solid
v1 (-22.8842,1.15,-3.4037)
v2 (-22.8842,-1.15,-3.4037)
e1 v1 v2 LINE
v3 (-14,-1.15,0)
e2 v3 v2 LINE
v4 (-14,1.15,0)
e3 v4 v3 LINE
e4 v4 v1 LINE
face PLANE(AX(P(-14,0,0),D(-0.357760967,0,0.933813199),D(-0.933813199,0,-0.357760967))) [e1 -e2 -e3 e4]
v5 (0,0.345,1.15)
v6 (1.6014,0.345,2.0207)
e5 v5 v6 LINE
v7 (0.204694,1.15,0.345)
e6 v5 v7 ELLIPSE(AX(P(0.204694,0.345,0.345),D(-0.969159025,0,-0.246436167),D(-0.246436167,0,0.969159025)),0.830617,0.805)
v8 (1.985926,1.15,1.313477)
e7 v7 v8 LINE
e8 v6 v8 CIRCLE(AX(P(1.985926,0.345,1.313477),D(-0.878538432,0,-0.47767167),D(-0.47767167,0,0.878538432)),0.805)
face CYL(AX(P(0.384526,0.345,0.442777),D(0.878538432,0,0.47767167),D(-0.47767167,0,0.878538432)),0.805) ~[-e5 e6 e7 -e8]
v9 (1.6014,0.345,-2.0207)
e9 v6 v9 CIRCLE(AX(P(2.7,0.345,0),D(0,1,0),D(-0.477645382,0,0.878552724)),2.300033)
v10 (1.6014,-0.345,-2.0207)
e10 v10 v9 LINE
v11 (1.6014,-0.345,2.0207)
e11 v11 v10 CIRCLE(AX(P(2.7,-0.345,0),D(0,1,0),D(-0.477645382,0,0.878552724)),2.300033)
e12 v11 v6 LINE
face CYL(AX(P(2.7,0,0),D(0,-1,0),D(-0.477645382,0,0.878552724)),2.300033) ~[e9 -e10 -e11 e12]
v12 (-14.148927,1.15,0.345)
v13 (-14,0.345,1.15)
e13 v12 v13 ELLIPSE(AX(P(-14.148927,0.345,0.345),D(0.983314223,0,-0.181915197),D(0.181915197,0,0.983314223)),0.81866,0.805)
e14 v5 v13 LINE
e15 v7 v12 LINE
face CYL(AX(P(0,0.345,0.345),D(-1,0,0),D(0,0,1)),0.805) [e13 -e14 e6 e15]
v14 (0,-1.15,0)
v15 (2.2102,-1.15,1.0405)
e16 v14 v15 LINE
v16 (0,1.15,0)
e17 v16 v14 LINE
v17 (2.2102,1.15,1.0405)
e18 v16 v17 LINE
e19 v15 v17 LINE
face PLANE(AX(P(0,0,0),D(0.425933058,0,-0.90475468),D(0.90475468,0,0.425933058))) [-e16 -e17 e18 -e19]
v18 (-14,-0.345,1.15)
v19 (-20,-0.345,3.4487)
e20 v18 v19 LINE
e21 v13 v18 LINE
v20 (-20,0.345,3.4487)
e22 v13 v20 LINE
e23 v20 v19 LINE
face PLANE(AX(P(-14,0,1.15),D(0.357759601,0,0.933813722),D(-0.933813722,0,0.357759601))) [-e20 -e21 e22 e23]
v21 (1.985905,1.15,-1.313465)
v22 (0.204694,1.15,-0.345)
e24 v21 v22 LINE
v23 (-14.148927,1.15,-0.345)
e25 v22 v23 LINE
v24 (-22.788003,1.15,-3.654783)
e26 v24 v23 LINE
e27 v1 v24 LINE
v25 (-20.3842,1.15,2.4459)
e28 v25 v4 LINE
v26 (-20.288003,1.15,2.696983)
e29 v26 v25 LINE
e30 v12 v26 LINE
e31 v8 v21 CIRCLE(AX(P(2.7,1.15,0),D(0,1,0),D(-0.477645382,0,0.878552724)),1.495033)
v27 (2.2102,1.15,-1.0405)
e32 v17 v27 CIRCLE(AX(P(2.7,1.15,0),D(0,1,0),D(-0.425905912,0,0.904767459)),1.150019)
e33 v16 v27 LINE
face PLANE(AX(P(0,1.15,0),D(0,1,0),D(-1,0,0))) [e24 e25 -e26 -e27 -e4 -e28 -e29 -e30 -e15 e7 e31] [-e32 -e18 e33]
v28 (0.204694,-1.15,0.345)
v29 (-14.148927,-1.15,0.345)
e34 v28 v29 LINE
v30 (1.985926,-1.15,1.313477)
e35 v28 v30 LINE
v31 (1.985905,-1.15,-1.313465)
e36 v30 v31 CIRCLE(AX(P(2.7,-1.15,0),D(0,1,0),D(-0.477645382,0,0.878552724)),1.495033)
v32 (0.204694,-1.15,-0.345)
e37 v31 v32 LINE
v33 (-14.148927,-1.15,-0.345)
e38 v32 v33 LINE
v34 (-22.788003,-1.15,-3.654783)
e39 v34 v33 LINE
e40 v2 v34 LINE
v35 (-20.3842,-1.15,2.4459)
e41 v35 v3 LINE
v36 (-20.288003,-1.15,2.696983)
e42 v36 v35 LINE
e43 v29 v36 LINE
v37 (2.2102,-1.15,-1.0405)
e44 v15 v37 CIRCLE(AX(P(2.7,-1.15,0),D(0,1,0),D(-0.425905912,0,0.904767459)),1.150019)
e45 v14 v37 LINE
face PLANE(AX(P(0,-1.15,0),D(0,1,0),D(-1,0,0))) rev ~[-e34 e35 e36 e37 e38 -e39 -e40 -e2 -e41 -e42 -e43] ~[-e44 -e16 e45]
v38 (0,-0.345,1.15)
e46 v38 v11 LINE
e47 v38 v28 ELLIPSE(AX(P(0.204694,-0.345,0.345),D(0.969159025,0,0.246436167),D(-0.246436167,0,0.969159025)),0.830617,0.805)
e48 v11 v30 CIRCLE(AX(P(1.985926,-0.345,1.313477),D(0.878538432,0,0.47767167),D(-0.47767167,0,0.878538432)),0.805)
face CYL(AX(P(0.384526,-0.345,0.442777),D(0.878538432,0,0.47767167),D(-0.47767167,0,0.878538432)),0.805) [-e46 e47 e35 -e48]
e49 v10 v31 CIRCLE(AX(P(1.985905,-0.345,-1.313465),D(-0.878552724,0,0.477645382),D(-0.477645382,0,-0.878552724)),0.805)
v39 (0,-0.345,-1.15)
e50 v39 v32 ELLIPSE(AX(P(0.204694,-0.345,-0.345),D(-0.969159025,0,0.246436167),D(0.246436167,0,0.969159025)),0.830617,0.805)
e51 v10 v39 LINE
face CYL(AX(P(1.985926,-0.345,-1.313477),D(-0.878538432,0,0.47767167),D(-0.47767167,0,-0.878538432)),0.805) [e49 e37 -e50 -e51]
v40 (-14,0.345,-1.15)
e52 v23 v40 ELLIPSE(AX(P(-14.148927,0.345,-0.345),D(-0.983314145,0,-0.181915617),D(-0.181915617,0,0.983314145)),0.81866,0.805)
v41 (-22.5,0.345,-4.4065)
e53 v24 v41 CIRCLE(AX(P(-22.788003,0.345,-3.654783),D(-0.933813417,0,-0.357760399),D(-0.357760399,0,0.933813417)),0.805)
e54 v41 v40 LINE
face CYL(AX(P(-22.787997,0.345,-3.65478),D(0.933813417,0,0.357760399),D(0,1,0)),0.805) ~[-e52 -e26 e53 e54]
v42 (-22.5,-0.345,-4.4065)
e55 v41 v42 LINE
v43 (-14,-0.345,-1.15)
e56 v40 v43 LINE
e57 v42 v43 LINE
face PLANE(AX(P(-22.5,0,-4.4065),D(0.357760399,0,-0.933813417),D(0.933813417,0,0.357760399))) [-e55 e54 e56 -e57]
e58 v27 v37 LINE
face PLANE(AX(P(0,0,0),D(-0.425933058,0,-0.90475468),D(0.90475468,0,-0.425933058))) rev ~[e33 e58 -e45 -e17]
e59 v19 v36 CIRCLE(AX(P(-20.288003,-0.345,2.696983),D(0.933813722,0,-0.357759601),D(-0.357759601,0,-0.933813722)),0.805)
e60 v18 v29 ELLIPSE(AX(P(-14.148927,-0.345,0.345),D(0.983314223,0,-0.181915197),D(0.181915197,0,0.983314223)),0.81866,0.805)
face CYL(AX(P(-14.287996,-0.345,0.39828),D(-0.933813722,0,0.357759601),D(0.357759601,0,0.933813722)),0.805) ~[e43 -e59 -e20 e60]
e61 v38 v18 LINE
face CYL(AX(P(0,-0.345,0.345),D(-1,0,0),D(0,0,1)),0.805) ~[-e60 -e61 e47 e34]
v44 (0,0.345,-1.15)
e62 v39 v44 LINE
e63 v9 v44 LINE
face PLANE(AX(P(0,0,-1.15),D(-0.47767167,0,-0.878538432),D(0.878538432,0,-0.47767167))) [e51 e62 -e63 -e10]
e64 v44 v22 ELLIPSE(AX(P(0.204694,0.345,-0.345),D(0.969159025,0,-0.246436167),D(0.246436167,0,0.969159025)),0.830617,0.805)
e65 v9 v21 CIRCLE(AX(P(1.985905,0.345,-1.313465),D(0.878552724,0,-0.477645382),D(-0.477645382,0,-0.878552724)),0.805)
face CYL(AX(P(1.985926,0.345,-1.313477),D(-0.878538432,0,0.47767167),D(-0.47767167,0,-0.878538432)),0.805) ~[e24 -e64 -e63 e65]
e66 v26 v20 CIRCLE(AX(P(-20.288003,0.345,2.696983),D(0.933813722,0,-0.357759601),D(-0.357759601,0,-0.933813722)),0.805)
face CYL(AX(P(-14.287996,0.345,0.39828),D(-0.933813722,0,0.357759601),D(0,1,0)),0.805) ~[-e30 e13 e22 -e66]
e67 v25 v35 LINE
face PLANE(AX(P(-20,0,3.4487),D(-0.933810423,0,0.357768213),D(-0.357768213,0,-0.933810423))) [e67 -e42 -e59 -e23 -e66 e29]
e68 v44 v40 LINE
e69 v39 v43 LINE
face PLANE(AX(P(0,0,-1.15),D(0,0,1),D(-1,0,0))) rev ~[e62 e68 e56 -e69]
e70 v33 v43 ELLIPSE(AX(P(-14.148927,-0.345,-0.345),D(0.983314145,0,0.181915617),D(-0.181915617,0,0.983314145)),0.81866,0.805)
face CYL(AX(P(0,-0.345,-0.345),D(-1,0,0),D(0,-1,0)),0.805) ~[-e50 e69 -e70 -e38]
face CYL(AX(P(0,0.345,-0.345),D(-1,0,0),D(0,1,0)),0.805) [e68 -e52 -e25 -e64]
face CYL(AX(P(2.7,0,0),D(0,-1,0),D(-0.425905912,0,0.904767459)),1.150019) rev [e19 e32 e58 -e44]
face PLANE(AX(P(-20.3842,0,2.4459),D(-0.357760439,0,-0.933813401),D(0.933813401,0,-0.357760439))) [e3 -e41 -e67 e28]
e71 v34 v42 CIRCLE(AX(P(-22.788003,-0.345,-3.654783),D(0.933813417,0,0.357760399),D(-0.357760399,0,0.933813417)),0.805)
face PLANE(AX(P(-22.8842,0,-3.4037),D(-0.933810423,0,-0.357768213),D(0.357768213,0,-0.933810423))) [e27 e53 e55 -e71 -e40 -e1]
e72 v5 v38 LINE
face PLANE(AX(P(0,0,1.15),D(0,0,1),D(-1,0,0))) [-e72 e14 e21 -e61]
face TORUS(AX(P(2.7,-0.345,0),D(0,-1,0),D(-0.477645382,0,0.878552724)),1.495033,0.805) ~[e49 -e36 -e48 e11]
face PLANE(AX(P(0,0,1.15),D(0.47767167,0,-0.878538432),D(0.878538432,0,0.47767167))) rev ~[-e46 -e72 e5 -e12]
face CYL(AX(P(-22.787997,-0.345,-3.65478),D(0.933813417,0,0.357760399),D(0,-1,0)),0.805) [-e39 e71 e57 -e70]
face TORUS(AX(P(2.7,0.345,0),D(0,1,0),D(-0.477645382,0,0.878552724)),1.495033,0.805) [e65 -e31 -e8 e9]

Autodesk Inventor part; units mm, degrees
ref_plane "YZ Plane" through (0, 0, 0) normal (1, 0, 0) x (0, 1, 0)
sketch "Sketch1" plane through (0, 0, 0) normal (0, 1, 0) x (-1, 0, 0)
  arc A0 (-1.6014, 2.0207) -> (-1.6014, -2.0207) centre (-2.7, 0) ccw
  arc A1 (-2.2102, 1.0405) -> (-2.2102, -1.0405) centre (-2.7, 0) ccw
  line L0 (0, 1.15) -> (14, 1.15)
  line L1 (0, -1.15) -> (14, -1.15)
  line L2 (14, 1.15) -> (20, 3.4487)
  line L3 (20, 3.4487) -> (20.3842, 2.4459)
  line L4 (20.3842, 2.4459) -> (14, 0)
  line L5 (14, 0) -> (22.8842, -3.4037)
  line L6 (22.8842, -3.4037) -> (22.5, -4.4065)
  line L7 (22.5, -4.4065) -> (14, -1.15)
  line L8 (0, 0) -> (-2.2102, -1.0405)
  line L9 (0, 0) -> (-2.2102, 1.0405)
  line L10 (0, 1.15) -> (0, -1.15) construction
  line L11 (0, 1.15) -> (-1.6014, 2.0207)
  line L12 (0, -1.15) -> (-1.6014, -2.0207)
  line L13 (-5, 0) -> (14, 0) construction
  line L14 (14, 1.15) -> (14, -1.15) construction
  dimension "d0" = 14
  dimension "d1" = 20
  dimension "d2" = 159.037
  dimension "d3" = 159.037
  dimension "d4" = 2.5
  dimension "d5" = 1.15
  dimension "d6" = 2.3
  dimension "d7" = 1.15
  dimension "d8" = 1.15
  dimension "d9" = 2.7
extrude "Body" add sketch "Sketch1" along normal mid plane 2.3
fillet "Fillet" radius 0.805 14 edges at (-17, -1.15, 2.2994) (-17, 1.15, 2.2994) (-7, -1.15, 1.15) (-7, 1.15, 1.15) (5, -1.15, 0) (0.8007, -1.15, -1.5853) (0.8007, -1.15, 1.5853) (5, 1.15, 0) (0.8007, 1.15, 1.5853) (0.8007, 1.15, -1.5853) (-7, -1.15, -1.15) (-18.25, -1.15, -2.7783) (-7, 1.15, -1.15) (-18.25, 1.15, -2.7783)
ref_plane "Work Plane1" through (0, -10, 0) normal (0, 0, -1) x (0, 1, 0)
ref_plane "Work Plane3" through (0, 0, 1.15) normal (-1, 0, 0) x (0, 1, 0)
equation "\"d0\" = MSIAB"
equation "\"d1\" = SNLG"
equation "\"d4\" = LGDIF"
equation "\"d5\" = -0.5 * SNND1 + 0.5 * KBR"
equation "\"d6\" = 0.5 * KBR"
equation "\"d7\" = 0.5 * SNND1"
equation "\"d8\" = 0.5 * SNND1"
equation "\"d9\" = KOL - 0.5 * KBR"
equation "\"d10\" = SNND1"
equation "\"d12\" = 0.35 * SNND1"
equation "\"SNND\" = 2.5"
equation "\"SNLG\" = 20"
equation "\"SNND1\" = 2.3"
equation "\"KBR\" = 4.6"
equation "\"KOL\" = 5"
equation "\"LGDIF\" = 2.5"
equation "\"MSIAB\" = 14"
equation "\"NNDMAX\" = 11"
equation "\"DSH\" = 5"
equation "\"NNDMIN\" = 9"
properties part number "100003" material "Steel, Mild"
